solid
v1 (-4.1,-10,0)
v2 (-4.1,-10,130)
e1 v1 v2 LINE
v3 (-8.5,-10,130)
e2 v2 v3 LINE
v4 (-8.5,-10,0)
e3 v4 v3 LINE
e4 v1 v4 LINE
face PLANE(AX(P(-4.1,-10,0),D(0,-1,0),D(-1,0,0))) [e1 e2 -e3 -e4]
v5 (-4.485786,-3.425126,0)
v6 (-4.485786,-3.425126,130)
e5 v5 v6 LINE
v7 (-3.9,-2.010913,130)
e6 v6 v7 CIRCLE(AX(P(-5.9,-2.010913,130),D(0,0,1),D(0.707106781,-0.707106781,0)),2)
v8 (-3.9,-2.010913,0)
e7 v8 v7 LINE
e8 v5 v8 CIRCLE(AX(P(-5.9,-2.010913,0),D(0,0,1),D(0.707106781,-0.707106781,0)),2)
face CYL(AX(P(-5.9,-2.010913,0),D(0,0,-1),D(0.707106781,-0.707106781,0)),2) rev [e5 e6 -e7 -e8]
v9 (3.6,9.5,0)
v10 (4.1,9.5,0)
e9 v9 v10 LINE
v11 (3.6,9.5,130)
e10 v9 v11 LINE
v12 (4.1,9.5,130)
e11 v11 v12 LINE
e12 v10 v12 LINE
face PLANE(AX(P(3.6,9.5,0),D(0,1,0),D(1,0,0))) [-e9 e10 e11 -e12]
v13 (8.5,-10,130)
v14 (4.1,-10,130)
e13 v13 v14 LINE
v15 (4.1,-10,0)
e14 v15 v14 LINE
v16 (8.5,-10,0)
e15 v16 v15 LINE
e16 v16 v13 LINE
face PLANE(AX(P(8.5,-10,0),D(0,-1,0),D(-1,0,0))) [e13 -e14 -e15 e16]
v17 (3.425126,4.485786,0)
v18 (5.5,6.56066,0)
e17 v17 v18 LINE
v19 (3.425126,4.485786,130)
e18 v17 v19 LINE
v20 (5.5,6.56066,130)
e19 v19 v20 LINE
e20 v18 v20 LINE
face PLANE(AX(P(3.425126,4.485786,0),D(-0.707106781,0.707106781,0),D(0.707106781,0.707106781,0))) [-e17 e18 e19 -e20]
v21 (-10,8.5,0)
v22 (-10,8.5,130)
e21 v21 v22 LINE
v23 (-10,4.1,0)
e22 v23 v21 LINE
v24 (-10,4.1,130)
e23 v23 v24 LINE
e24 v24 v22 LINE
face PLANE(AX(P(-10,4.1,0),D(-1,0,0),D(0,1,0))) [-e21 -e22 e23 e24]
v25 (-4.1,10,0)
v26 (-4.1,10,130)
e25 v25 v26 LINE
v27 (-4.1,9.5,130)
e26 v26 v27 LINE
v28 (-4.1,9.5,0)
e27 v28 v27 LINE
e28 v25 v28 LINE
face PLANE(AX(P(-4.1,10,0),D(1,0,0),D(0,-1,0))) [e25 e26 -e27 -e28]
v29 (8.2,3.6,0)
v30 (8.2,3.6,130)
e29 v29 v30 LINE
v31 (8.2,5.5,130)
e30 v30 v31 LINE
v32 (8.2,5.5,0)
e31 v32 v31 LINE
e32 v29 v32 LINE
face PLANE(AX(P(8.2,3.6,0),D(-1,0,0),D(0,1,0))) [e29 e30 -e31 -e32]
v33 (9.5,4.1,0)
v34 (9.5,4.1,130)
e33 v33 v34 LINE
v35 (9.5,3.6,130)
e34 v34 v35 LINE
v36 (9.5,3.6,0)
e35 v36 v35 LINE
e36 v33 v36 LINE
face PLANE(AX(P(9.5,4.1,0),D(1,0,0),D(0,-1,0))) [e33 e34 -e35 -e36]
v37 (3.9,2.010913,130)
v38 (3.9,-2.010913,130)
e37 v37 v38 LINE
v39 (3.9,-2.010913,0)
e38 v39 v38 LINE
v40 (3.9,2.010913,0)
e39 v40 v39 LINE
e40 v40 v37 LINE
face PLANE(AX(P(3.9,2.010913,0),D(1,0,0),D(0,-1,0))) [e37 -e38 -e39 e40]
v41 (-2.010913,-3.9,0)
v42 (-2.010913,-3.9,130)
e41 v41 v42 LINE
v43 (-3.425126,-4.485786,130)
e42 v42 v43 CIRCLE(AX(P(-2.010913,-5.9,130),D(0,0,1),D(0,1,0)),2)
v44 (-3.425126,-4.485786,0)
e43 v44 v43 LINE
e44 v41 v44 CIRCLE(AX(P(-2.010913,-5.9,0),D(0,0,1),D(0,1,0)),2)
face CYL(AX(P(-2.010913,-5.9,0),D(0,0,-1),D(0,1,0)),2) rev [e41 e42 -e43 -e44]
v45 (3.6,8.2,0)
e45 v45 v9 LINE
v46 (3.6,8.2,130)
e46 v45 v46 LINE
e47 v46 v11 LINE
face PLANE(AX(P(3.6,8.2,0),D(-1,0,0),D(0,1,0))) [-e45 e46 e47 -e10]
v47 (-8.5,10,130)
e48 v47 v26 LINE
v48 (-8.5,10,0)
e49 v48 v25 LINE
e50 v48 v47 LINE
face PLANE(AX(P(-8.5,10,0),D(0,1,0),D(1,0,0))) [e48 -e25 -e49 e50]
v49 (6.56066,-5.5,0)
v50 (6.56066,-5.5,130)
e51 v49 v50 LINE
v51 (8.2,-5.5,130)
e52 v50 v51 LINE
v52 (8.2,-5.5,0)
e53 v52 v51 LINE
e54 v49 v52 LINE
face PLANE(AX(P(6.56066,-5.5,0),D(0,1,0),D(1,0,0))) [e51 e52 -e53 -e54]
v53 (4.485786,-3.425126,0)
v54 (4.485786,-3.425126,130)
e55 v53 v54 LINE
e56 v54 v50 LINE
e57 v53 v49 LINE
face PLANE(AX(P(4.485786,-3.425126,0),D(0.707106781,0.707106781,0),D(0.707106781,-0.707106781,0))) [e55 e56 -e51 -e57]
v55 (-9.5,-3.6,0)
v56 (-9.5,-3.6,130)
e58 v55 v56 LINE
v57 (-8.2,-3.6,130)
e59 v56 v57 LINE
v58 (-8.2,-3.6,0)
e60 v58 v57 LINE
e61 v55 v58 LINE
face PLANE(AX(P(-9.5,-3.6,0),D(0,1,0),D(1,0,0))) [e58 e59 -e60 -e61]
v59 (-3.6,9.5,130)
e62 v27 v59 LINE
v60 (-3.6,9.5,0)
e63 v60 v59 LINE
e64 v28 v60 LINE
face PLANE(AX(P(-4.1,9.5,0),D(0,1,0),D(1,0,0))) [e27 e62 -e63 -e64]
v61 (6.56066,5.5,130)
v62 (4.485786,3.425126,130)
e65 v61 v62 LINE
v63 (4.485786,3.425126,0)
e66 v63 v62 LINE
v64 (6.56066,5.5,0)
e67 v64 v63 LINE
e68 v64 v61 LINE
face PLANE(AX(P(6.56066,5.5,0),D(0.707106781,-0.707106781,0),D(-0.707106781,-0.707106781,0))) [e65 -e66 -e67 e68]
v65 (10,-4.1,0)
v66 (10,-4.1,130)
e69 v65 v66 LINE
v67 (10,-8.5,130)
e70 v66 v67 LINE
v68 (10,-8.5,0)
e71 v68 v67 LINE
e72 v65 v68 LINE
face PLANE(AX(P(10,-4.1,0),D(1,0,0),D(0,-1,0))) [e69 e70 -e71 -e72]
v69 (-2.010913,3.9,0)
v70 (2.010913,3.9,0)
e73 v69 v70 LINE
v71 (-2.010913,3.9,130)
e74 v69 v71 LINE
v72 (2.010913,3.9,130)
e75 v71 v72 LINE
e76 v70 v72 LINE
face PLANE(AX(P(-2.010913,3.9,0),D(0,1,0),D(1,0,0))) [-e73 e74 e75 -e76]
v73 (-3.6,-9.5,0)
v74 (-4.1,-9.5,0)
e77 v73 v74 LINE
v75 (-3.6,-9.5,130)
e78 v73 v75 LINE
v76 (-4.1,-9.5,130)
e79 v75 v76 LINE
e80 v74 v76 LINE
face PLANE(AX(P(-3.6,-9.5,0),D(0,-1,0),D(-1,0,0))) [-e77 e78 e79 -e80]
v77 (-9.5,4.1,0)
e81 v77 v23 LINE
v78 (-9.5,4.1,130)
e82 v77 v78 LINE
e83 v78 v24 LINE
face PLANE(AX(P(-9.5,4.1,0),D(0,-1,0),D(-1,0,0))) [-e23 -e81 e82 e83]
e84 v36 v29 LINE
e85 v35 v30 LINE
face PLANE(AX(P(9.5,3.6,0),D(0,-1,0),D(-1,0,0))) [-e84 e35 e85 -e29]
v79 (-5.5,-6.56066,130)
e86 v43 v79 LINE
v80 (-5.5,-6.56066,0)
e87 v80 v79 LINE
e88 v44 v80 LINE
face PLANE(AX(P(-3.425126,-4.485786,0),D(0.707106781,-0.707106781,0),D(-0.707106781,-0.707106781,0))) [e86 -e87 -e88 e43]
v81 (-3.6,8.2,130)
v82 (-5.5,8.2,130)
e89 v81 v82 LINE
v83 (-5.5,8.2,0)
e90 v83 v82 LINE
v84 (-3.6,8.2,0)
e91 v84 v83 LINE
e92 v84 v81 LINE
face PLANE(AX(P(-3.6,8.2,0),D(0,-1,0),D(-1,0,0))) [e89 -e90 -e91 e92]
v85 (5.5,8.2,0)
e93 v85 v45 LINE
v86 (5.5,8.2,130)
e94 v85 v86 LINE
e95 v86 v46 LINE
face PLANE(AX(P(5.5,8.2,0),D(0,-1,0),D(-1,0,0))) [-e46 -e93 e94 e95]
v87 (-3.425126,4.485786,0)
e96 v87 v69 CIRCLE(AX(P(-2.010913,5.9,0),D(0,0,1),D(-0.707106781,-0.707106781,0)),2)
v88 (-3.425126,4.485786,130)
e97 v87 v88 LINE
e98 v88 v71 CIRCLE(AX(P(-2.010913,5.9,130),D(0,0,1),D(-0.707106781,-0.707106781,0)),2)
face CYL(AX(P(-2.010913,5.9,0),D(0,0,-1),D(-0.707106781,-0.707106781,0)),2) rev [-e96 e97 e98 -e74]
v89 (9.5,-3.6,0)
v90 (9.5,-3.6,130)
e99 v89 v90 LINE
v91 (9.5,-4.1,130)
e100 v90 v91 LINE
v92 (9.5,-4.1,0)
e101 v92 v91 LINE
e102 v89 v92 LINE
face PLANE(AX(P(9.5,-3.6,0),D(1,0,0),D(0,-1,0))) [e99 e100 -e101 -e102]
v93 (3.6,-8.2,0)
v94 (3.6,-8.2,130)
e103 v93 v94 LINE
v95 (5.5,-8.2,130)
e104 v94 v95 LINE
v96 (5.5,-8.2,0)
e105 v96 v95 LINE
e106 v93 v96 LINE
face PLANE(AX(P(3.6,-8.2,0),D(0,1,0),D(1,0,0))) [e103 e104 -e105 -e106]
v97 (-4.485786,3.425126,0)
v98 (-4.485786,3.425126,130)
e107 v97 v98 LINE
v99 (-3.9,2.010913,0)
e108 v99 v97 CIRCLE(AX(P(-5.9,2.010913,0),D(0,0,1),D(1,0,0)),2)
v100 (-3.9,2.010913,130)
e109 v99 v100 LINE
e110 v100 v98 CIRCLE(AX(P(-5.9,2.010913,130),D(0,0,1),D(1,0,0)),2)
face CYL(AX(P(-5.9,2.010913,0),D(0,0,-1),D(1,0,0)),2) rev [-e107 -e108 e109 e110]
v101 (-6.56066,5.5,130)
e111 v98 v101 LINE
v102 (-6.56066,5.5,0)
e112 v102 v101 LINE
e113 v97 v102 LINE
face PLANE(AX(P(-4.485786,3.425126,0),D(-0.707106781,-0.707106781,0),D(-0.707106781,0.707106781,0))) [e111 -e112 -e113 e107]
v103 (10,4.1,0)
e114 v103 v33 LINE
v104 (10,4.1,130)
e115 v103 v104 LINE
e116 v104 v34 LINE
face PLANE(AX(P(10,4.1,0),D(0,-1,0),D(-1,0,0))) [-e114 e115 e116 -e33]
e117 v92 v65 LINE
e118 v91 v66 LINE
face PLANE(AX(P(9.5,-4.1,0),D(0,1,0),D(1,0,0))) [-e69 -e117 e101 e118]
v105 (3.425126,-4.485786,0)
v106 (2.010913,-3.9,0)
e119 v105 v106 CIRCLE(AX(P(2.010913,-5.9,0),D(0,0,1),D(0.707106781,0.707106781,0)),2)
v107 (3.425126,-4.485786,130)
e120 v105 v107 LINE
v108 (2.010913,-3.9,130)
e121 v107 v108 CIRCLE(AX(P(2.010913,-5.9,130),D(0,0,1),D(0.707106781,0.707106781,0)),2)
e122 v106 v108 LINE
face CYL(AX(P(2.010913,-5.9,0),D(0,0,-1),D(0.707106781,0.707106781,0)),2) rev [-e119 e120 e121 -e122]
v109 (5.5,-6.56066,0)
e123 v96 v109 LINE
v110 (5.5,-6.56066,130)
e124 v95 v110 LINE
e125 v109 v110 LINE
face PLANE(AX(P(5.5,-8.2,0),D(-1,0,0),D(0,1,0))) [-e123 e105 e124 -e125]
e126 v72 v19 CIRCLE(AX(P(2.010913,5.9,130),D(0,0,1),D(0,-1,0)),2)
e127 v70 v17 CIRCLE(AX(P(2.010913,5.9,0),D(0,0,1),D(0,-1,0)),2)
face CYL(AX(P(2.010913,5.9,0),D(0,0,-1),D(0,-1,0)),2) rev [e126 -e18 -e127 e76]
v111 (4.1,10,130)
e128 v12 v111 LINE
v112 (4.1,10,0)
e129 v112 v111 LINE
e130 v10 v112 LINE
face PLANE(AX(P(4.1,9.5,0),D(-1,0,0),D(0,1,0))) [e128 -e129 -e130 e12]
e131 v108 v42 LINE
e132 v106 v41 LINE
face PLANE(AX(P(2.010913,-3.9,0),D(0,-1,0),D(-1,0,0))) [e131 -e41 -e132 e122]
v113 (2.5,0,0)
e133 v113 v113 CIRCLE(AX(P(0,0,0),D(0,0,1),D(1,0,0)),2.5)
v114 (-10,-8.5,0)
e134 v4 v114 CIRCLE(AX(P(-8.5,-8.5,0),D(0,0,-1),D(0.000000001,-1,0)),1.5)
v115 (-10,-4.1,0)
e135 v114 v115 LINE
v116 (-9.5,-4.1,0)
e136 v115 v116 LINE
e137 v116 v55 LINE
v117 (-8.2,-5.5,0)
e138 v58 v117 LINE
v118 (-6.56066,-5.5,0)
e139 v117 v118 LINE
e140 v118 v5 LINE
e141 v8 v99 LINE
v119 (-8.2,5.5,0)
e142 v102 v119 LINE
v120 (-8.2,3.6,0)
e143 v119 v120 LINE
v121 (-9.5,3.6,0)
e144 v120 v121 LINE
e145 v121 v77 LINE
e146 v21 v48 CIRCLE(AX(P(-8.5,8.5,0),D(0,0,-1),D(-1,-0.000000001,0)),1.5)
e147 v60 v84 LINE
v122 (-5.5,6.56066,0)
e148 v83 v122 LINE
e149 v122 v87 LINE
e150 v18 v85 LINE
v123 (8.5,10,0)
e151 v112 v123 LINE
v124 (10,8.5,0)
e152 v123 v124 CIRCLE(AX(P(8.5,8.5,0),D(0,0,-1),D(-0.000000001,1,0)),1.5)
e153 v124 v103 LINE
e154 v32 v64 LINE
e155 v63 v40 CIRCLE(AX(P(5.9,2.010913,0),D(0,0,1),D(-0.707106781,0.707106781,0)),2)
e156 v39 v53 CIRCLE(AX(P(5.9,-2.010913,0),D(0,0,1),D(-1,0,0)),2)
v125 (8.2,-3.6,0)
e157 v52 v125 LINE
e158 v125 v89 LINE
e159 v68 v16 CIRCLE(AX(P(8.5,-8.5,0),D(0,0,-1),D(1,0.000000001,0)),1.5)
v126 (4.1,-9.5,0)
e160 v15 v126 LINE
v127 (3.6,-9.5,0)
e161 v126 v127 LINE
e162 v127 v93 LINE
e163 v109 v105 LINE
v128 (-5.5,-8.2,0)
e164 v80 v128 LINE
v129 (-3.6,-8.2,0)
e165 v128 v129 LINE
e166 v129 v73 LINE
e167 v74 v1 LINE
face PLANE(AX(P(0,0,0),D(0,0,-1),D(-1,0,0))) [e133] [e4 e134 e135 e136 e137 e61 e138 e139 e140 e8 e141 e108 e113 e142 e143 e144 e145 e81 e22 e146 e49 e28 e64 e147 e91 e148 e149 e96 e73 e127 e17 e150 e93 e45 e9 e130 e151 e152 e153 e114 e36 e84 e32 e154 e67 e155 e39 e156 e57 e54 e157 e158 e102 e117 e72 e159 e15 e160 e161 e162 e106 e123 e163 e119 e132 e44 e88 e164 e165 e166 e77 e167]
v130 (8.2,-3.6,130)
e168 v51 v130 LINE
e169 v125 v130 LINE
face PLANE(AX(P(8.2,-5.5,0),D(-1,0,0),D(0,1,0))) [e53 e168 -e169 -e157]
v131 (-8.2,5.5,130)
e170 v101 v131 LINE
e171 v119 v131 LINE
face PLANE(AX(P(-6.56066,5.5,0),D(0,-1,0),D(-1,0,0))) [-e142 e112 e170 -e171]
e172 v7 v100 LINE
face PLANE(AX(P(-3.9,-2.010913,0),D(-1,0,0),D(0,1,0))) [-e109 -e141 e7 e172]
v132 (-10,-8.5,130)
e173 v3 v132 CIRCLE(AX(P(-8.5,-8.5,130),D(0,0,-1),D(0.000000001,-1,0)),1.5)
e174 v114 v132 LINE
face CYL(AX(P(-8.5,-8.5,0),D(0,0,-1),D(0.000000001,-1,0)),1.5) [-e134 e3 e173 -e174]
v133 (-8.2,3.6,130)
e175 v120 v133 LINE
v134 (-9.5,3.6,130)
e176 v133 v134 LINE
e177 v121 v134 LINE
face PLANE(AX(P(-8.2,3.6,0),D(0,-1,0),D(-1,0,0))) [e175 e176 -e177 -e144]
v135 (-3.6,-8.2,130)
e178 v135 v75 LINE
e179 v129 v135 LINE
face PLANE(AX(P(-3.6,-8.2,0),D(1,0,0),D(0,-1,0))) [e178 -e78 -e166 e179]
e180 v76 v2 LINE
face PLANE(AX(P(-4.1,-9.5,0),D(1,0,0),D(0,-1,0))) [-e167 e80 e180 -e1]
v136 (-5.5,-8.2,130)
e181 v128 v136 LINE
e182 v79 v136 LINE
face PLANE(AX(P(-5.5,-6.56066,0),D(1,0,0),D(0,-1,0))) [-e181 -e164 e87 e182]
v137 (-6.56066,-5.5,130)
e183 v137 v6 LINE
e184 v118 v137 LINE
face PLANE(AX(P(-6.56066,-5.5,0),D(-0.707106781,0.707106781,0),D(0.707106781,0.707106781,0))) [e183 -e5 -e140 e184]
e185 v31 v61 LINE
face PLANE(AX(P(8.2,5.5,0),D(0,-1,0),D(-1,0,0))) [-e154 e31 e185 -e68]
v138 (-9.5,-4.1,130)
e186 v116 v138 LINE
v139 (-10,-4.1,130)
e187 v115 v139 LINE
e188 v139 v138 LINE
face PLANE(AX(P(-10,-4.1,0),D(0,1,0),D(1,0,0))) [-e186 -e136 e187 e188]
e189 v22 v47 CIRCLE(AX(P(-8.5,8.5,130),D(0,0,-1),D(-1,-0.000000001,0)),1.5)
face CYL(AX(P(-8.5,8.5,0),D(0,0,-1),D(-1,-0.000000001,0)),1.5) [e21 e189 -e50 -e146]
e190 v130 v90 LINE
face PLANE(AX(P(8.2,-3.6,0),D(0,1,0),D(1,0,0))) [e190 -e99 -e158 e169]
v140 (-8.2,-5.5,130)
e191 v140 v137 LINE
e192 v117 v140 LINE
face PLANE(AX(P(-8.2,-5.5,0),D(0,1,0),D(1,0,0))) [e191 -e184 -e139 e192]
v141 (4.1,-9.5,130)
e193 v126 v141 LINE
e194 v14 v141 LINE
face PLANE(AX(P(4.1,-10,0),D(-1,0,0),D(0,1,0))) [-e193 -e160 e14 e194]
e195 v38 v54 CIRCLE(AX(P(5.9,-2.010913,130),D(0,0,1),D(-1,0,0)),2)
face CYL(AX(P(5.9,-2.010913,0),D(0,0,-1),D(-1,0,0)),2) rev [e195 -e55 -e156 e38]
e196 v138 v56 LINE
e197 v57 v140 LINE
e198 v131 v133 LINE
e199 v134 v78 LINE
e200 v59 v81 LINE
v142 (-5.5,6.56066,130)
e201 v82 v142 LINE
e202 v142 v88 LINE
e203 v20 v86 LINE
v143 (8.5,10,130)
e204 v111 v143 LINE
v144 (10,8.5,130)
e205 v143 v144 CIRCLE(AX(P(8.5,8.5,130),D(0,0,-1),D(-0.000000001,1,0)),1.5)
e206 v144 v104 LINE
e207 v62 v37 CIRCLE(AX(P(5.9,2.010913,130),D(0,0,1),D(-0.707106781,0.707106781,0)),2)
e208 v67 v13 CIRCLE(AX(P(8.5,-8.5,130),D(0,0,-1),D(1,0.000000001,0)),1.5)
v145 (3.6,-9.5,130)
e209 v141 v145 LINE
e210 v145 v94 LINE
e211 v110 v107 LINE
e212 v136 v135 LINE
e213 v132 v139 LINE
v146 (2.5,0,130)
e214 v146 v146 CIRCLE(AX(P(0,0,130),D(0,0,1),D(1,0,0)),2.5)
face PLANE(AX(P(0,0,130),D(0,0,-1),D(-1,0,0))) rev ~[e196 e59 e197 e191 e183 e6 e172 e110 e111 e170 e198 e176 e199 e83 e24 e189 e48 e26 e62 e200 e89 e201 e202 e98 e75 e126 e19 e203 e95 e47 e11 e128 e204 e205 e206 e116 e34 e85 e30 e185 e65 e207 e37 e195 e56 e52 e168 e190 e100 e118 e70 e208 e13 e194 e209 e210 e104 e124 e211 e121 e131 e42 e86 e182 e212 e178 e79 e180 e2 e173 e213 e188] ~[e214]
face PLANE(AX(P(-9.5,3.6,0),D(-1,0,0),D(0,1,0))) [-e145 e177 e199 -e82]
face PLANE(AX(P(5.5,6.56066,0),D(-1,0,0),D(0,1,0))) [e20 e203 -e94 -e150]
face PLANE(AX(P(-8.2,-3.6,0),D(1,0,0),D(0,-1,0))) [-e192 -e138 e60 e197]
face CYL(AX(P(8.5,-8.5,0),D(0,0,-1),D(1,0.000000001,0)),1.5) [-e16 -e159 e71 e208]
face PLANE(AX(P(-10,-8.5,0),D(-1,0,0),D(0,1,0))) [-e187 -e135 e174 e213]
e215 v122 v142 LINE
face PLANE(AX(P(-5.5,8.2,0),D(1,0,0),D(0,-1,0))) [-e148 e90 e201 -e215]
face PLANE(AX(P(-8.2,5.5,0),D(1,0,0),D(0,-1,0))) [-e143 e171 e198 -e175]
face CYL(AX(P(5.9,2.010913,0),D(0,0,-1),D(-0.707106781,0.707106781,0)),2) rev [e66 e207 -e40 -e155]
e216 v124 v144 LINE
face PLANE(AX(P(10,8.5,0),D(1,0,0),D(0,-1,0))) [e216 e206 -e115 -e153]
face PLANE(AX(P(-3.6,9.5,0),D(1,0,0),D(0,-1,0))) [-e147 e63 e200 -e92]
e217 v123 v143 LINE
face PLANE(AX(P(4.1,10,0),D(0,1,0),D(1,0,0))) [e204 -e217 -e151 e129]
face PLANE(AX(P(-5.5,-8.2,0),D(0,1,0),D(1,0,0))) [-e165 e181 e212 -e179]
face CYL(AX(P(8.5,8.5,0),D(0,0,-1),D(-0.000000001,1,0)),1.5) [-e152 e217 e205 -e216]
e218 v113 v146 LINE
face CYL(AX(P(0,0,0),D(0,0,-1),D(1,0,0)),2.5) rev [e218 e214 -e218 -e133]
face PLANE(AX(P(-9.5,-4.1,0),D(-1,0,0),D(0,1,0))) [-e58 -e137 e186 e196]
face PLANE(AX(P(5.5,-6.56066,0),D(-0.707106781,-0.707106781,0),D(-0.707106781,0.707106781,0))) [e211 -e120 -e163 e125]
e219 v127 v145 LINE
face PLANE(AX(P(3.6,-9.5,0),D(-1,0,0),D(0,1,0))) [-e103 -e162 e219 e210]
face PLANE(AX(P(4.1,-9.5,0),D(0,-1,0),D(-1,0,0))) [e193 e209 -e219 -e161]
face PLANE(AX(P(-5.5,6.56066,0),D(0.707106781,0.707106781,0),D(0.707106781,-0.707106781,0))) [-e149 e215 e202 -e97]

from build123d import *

# Parameters (mm, degrees)
SKETCH1_R           = 2.5
BOSS_EXTRUDE2_DEPTH = 130


with BuildPart() as part:
    # Sketch1 → Boss-Extrude2 (new body)
    with BuildSketch(Plane.XY):
        with BuildLine():
            Line((10, -4.1), (10, -8.5))
            ThreePointArc((10, -8.5), (9.560660172, -9.560660172), (8.5, -10))
            Line((8.5, -10), (4.1, -10))
            Line((4.1, -10), (4.1, -9.5))
            Line((4.1, -9.5), (3.6, -9.5))
            Line((3.6, -9.5), (3.6, -8.2))
            Line((3.6, -8.2), (5.5, -8.2))
            Line((5.5, -8.2), (5.5, -6.560660172))
            Line((5.5, -6.560660172), (3.425126266, -4.485786438))
            ThreePointArc((3.425126266, -4.485786438), (2.776279568, -4.052240935), (2.010912703, -3.9))
            Line((2.010912703, -3.9), (-2.010912703, -3.9))
            ThreePointArc((-2.010912703, -3.9), (-2.776279568, -4.052240935), (-3.425126266, -4.485786438))
            Line((-3.425126266, -4.485786438), (-5.5, -6.560660172))
            Line((-5.5, -6.560660172), (-5.5, -8.2))
            Line((-5.5, -8.2), (-3.6, -8.2))
            Line((-3.6, -8.2), (-3.6, -9.5))
            Line((-3.6, -9.5), (-4.1, -9.5))
            Line((-4.1, -9.5), (-4.1, -10))
            Line((-4.1, -10), (-8.5, -10))
            ThreePointArc((-8.5, -10), (-9.560660172, -9.560660172), (-10, -8.5))
            Line((-10, -8.5), (-10, -4.1))
            Line((-10, -4.1), (-9.5, -4.1))
            Line((-9.5, -4.1), (-9.5, -3.6))
            Line((-9.5, -3.6), (-8.2, -3.6))
            Line((-8.2, -3.6), (-8.2, -5.5))
            Line((-8.2, -5.5), (-6.560660172, -5.5))
            Line((-6.560660172, -5.5), (-4.485786438, -3.425126266))
            ThreePointArc((-4.485786438, -3.425126266), (-4.052240935, -2.776279568), (-3.9, -2.010912703))
            Line((-3.9, -2.010912703), (-3.9, 2.010912703))
            ThreePointArc((-3.9, 2.010912703), (-4.052240935, 2.776279568), (-4.485786438, 3.425126266))
            Line((-4.485786438, 3.425126266), (-6.560660172, 5.5))
            Line((-6.560660172, 5.5), (-8.2, 5.5))
            Line((-8.2, 5.5), (-8.2, 3.6))
            Line((-8.2, 3.6), (-9.5, 3.6))
            Line((-9.5, 3.6), (-9.5, 4.1))
            Line((-9.5, 4.1), (-10, 4.1))
            Line((-10, 4.1), (-10, 8.5))
            ThreePointArc((-10, 8.5), (-9.560660172, 9.560660172), (-8.5, 10))
            Line((-8.5, 10), (-4.1, 10))
            Line((-4.1, 10), (-4.1, 9.5))
            Line((-4.1, 9.5), (-3.6, 9.5))
            Line((-3.6, 9.5), (-3.6, 8.2))
            Line((-3.6, 8.2), (-5.5, 8.2))
            Line((-5.5, 8.2), (-5.5, 6.560660172))
            Line((-5.5, 6.560660172), (-3.425126266, 4.485786438))
            ThreePointArc((-3.425126266, 4.485786438), (-2.776279568, 4.052240935), (-2.010912703, 3.9))
            Line((-2.010912703, 3.9), (2.010912703, 3.9))
            ThreePointArc((2.010912703, 3.9), (2.776279568, 4.052240935), (3.425126266, 4.485786438))
            Line((3.425126266, 4.485786438), (5.5, 6.560660172))
            Line((5.5, 6.560660172), (5.5, 8.2))
            Line((5.5, 8.2), (3.6, 8.2))
            Line((3.6, 8.2), (3.6, 9.5))
            Line((3.6, 9.5), (4.1, 9.5))
            Line((4.1, 9.5), (4.1, 10))
            Line((4.1, 10), (8.5, 10))
            ThreePointArc((8.5, 10), (9.560660172, 9.560660172), (10, 8.5))
            Line((10, 8.5), (10, 4.1))
            Line((10, 4.1), (9.5, 4.1))
            Line((9.5, 4.1), (9.5, 3.6))
            Line((9.5, 3.6), (8.2, 3.6))
            Line((8.2, 3.6), (8.2, 5.5))
            Line((8.2, 5.5), (6.560660172, 5.5))
            Line((6.560660172, 5.5), (4.485786438, 3.425126266))
            ThreePointArc((4.485786438, 3.425126266), (4.052240935, 2.776279568), (3.9, 2.010912703))
            Line((3.9, 2.010912703), (3.9, -2.010912703))
            ThreePointArc((3.9, -2.010912703), (4.052240935, -2.776279568), (4.485786438, -3.425126266))
            Line((4.485786438, -3.425126266), (6.560660172, -5.5))
            Line((6.560660172, -5.5), (8.2, -5.5))
            Line((8.2, -5.5), (8.2, -3.6))
            Line((8.2, -3.6), (9.5, -3.6))
            Line((9.5, -3.6), (9.5, -4.1))
            Line((9.5, -4.1), (10, -4.1))
        make_face()
        Circle(SKETCH1_R, mode=Mode.SUBTRACT)
    extrude(amount=BOSS_EXTRUDE2_DEPTH)


solid = part.part
